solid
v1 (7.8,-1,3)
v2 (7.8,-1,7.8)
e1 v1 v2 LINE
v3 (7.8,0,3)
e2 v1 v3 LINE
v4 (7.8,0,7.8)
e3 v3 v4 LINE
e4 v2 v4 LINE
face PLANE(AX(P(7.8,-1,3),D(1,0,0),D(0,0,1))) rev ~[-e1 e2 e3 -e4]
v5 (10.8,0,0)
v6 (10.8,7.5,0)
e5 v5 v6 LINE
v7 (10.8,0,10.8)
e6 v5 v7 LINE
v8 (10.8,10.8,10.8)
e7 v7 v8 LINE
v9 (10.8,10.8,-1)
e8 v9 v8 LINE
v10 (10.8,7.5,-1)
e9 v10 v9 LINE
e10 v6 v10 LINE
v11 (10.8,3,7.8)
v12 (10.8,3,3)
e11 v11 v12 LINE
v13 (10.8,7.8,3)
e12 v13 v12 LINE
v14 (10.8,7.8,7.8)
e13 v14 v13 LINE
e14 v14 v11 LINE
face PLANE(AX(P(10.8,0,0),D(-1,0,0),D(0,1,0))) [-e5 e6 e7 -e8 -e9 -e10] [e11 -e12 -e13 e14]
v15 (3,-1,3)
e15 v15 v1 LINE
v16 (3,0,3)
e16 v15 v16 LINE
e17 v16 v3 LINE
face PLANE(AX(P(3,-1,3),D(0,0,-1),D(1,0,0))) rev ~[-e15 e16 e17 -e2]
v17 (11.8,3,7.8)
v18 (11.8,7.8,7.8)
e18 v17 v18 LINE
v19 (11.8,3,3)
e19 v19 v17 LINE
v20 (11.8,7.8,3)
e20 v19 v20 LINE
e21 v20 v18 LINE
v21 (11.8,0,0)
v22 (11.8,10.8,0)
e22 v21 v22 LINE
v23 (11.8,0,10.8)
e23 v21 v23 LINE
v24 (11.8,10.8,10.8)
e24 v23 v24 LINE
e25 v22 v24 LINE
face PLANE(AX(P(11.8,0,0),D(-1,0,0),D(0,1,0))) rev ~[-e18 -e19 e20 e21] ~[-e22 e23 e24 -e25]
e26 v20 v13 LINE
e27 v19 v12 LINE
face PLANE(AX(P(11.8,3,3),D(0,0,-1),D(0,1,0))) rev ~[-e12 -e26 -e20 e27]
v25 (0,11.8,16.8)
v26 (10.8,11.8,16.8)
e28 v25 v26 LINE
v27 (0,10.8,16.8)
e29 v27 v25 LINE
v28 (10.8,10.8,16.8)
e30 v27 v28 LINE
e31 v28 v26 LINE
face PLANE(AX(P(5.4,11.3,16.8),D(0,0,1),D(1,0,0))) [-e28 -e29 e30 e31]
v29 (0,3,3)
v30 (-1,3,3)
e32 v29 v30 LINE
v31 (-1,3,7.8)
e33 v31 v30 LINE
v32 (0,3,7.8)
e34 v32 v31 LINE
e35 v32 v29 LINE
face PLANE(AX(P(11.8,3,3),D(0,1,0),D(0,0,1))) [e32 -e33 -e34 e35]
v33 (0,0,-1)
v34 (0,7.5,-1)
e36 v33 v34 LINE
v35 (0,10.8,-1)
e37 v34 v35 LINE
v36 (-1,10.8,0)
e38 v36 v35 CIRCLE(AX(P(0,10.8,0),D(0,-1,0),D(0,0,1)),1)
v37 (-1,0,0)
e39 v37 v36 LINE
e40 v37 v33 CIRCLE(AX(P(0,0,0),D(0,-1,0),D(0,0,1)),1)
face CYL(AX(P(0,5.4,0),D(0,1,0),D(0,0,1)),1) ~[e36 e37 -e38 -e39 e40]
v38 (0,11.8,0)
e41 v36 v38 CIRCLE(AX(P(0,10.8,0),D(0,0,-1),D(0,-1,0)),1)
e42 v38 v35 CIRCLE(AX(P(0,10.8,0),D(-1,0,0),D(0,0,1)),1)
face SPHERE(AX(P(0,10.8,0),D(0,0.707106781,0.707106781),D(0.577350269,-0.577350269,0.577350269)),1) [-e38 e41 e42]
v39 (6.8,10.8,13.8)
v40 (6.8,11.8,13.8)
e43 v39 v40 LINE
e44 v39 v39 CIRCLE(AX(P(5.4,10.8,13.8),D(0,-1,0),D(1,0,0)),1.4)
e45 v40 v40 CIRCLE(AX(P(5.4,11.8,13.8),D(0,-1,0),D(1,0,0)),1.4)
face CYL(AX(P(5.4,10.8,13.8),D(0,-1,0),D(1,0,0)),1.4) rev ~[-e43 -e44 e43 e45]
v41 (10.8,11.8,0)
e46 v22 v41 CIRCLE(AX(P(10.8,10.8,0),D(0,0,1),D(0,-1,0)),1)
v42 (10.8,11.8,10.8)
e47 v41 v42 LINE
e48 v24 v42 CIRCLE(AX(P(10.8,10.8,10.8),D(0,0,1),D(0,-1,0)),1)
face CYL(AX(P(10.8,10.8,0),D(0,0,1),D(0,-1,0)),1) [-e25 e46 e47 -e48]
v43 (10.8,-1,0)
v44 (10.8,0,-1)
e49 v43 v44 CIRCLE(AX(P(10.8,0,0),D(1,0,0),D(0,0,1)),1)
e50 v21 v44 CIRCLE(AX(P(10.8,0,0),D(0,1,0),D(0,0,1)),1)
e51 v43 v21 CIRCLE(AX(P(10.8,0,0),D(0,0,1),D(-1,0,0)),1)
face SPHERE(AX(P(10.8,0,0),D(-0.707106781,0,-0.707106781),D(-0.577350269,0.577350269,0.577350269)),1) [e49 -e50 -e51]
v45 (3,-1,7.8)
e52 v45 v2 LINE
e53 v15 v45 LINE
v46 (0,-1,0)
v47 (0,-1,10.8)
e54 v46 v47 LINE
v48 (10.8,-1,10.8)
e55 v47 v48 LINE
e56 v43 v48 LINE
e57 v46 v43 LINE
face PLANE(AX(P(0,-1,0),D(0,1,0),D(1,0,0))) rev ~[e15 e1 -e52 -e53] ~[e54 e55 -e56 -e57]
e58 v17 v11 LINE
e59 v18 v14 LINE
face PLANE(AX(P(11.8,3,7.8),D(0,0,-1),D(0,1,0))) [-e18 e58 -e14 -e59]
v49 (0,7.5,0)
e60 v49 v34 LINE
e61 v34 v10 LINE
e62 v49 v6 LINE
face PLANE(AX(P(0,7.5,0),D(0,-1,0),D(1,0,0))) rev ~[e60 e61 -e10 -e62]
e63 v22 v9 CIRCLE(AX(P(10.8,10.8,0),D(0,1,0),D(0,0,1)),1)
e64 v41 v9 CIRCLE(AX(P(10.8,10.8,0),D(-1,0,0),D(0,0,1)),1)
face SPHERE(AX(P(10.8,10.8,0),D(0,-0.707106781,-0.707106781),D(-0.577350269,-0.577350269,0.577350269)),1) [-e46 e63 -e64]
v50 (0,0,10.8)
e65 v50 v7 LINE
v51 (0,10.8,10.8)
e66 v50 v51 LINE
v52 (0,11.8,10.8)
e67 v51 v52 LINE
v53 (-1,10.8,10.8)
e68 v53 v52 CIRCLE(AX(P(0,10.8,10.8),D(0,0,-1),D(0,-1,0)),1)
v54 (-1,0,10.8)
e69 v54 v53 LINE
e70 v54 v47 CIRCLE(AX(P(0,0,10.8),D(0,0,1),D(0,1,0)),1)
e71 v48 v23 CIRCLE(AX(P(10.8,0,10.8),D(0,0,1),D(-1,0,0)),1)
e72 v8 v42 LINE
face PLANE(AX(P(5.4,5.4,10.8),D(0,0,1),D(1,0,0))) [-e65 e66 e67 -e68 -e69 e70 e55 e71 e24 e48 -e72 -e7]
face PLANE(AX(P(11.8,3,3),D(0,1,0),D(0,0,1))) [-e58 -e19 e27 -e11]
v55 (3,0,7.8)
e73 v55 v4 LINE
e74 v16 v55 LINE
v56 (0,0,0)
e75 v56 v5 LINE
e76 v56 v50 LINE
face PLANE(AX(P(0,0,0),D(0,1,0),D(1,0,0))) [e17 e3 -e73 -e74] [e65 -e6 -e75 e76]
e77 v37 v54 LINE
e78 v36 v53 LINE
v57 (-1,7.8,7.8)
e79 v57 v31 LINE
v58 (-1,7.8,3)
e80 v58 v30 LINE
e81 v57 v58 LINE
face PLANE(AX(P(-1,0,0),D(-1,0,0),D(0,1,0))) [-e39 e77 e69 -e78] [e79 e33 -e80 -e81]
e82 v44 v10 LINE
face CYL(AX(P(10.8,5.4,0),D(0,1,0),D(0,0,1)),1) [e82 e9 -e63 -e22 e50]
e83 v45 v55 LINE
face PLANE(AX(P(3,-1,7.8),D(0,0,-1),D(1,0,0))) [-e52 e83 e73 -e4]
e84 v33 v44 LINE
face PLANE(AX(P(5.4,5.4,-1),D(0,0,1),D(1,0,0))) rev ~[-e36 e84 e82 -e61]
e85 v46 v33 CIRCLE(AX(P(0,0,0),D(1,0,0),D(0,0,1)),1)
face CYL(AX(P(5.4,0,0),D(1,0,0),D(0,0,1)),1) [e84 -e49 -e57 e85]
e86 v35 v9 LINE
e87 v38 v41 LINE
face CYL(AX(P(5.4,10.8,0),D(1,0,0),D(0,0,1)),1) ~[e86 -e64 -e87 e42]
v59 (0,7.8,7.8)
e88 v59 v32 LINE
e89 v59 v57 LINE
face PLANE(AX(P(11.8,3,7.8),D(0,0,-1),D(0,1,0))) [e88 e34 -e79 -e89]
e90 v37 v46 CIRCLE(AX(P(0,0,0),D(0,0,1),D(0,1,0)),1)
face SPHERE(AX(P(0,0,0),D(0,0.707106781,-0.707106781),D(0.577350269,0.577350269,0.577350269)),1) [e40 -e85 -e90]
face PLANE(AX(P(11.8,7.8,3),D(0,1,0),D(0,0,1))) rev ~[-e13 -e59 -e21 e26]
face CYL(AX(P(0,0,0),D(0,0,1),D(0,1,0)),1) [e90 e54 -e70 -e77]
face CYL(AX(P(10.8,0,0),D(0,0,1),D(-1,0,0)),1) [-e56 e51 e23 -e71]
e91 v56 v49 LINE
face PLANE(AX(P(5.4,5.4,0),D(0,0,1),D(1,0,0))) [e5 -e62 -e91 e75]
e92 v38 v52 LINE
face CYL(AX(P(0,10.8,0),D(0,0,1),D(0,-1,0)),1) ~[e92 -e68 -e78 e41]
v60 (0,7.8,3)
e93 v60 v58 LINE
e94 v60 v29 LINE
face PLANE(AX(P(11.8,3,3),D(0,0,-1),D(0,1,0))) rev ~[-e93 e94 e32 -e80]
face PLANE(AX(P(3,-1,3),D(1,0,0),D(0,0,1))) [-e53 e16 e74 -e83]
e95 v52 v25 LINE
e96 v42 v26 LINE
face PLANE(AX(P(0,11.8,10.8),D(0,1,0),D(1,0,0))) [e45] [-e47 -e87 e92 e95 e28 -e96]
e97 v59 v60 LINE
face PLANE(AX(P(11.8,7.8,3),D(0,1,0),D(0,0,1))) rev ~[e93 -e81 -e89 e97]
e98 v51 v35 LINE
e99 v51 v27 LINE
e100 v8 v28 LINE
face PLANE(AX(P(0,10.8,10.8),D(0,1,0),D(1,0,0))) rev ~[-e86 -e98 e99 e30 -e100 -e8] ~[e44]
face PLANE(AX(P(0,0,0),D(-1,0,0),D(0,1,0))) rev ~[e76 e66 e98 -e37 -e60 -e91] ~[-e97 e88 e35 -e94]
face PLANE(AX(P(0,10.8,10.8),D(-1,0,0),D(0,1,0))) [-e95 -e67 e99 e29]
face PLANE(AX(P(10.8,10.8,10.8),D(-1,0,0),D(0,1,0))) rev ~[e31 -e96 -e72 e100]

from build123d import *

# Parameters (mm, degrees)
SKETCH_W        = 10.8
SKETCH_H        = 10.8
PAD_DEPTH       = 10.8
THICKNESS_T     = 1
SKETCH001_W     = 10.8
SKETCH001_H     = 1
PAD001_DEPTH    = 6
SKETCH002_R     = 1.4
POCKET_DEPTH    = 1.001
SKETCH003_W     = 10.8
SKETCH003_H     = 3.3
POCKET001_DEPTH = 1.001
SKETCH004_W     = 4.8
SKETCH004_H     = 4.8
POCKET002_DEPTH = 1
SKETCH005_W     = 4.8
SKETCH005_H     = 4.8
POCKET003_DEPTH = 12.801


with BuildPart() as part:
    # Sketch → Pad (new body)
    with BuildSketch(Plane.XY):
        with Locations((5.4, 5.4)):
            Rectangle(SKETCH_W, SKETCH_H)
    extrude(amount=PAD_DEPTH)

    # Thickness
    thickness_openings = [part.faces().sort_by_distance(p)[0] for p in [
        (5.4, 5.4, 10.8),
    ]]
    offset(amount=THICKNESS_T, openings=thickness_openings)

    # Sketch001 → Pad001 (new body)
    with BuildSketch(Plane.XY.offset(10.8)):
        with Locations((5.4, 11.3)):
            Rectangle(SKETCH001_W, SKETCH001_H)
    extrude(amount=PAD001_DEPTH)

    # Sketch002 → Pocket (cut, through all)
    with BuildSketch(Plane.XZ.offset(-10.8)):
        with Locations((5.4, 13.8)):
            Circle(SKETCH002_R)
    extrude(amount=-POCKET_DEPTH, mode=Mode.SUBTRACT)

    # Sketch003 → Pocket001 (cut, through all)
    with BuildSketch(Plane.XY):
        with Locations((5.4, 9.15)):
            Rectangle(SKETCH003_W, SKETCH003_H)
    extrude(amount=-POCKET001_DEPTH, mode=Mode.SUBTRACT)

    # Sketch004 → Pocket002 (cut)
    with BuildSketch(Plane.XZ.offset(1)):
        with Locations((5.4, 5.4)):
            Rectangle(SKETCH004_W, SKETCH004_H)
    extrude(amount=-POCKET002_DEPTH, mode=Mode.SUBTRACT)

    # Sketch005 → Pocket003 (cut, through all)
    with BuildSketch(Plane.YZ.offset(11.8)):
        with Locations((5.4, 5.4)):
            Rectangle(SKETCH005_W, SKETCH005_H)
    extrude(amount=-POCKET003_DEPTH, mode=Mode.SUBTRACT)


solid = part.part
